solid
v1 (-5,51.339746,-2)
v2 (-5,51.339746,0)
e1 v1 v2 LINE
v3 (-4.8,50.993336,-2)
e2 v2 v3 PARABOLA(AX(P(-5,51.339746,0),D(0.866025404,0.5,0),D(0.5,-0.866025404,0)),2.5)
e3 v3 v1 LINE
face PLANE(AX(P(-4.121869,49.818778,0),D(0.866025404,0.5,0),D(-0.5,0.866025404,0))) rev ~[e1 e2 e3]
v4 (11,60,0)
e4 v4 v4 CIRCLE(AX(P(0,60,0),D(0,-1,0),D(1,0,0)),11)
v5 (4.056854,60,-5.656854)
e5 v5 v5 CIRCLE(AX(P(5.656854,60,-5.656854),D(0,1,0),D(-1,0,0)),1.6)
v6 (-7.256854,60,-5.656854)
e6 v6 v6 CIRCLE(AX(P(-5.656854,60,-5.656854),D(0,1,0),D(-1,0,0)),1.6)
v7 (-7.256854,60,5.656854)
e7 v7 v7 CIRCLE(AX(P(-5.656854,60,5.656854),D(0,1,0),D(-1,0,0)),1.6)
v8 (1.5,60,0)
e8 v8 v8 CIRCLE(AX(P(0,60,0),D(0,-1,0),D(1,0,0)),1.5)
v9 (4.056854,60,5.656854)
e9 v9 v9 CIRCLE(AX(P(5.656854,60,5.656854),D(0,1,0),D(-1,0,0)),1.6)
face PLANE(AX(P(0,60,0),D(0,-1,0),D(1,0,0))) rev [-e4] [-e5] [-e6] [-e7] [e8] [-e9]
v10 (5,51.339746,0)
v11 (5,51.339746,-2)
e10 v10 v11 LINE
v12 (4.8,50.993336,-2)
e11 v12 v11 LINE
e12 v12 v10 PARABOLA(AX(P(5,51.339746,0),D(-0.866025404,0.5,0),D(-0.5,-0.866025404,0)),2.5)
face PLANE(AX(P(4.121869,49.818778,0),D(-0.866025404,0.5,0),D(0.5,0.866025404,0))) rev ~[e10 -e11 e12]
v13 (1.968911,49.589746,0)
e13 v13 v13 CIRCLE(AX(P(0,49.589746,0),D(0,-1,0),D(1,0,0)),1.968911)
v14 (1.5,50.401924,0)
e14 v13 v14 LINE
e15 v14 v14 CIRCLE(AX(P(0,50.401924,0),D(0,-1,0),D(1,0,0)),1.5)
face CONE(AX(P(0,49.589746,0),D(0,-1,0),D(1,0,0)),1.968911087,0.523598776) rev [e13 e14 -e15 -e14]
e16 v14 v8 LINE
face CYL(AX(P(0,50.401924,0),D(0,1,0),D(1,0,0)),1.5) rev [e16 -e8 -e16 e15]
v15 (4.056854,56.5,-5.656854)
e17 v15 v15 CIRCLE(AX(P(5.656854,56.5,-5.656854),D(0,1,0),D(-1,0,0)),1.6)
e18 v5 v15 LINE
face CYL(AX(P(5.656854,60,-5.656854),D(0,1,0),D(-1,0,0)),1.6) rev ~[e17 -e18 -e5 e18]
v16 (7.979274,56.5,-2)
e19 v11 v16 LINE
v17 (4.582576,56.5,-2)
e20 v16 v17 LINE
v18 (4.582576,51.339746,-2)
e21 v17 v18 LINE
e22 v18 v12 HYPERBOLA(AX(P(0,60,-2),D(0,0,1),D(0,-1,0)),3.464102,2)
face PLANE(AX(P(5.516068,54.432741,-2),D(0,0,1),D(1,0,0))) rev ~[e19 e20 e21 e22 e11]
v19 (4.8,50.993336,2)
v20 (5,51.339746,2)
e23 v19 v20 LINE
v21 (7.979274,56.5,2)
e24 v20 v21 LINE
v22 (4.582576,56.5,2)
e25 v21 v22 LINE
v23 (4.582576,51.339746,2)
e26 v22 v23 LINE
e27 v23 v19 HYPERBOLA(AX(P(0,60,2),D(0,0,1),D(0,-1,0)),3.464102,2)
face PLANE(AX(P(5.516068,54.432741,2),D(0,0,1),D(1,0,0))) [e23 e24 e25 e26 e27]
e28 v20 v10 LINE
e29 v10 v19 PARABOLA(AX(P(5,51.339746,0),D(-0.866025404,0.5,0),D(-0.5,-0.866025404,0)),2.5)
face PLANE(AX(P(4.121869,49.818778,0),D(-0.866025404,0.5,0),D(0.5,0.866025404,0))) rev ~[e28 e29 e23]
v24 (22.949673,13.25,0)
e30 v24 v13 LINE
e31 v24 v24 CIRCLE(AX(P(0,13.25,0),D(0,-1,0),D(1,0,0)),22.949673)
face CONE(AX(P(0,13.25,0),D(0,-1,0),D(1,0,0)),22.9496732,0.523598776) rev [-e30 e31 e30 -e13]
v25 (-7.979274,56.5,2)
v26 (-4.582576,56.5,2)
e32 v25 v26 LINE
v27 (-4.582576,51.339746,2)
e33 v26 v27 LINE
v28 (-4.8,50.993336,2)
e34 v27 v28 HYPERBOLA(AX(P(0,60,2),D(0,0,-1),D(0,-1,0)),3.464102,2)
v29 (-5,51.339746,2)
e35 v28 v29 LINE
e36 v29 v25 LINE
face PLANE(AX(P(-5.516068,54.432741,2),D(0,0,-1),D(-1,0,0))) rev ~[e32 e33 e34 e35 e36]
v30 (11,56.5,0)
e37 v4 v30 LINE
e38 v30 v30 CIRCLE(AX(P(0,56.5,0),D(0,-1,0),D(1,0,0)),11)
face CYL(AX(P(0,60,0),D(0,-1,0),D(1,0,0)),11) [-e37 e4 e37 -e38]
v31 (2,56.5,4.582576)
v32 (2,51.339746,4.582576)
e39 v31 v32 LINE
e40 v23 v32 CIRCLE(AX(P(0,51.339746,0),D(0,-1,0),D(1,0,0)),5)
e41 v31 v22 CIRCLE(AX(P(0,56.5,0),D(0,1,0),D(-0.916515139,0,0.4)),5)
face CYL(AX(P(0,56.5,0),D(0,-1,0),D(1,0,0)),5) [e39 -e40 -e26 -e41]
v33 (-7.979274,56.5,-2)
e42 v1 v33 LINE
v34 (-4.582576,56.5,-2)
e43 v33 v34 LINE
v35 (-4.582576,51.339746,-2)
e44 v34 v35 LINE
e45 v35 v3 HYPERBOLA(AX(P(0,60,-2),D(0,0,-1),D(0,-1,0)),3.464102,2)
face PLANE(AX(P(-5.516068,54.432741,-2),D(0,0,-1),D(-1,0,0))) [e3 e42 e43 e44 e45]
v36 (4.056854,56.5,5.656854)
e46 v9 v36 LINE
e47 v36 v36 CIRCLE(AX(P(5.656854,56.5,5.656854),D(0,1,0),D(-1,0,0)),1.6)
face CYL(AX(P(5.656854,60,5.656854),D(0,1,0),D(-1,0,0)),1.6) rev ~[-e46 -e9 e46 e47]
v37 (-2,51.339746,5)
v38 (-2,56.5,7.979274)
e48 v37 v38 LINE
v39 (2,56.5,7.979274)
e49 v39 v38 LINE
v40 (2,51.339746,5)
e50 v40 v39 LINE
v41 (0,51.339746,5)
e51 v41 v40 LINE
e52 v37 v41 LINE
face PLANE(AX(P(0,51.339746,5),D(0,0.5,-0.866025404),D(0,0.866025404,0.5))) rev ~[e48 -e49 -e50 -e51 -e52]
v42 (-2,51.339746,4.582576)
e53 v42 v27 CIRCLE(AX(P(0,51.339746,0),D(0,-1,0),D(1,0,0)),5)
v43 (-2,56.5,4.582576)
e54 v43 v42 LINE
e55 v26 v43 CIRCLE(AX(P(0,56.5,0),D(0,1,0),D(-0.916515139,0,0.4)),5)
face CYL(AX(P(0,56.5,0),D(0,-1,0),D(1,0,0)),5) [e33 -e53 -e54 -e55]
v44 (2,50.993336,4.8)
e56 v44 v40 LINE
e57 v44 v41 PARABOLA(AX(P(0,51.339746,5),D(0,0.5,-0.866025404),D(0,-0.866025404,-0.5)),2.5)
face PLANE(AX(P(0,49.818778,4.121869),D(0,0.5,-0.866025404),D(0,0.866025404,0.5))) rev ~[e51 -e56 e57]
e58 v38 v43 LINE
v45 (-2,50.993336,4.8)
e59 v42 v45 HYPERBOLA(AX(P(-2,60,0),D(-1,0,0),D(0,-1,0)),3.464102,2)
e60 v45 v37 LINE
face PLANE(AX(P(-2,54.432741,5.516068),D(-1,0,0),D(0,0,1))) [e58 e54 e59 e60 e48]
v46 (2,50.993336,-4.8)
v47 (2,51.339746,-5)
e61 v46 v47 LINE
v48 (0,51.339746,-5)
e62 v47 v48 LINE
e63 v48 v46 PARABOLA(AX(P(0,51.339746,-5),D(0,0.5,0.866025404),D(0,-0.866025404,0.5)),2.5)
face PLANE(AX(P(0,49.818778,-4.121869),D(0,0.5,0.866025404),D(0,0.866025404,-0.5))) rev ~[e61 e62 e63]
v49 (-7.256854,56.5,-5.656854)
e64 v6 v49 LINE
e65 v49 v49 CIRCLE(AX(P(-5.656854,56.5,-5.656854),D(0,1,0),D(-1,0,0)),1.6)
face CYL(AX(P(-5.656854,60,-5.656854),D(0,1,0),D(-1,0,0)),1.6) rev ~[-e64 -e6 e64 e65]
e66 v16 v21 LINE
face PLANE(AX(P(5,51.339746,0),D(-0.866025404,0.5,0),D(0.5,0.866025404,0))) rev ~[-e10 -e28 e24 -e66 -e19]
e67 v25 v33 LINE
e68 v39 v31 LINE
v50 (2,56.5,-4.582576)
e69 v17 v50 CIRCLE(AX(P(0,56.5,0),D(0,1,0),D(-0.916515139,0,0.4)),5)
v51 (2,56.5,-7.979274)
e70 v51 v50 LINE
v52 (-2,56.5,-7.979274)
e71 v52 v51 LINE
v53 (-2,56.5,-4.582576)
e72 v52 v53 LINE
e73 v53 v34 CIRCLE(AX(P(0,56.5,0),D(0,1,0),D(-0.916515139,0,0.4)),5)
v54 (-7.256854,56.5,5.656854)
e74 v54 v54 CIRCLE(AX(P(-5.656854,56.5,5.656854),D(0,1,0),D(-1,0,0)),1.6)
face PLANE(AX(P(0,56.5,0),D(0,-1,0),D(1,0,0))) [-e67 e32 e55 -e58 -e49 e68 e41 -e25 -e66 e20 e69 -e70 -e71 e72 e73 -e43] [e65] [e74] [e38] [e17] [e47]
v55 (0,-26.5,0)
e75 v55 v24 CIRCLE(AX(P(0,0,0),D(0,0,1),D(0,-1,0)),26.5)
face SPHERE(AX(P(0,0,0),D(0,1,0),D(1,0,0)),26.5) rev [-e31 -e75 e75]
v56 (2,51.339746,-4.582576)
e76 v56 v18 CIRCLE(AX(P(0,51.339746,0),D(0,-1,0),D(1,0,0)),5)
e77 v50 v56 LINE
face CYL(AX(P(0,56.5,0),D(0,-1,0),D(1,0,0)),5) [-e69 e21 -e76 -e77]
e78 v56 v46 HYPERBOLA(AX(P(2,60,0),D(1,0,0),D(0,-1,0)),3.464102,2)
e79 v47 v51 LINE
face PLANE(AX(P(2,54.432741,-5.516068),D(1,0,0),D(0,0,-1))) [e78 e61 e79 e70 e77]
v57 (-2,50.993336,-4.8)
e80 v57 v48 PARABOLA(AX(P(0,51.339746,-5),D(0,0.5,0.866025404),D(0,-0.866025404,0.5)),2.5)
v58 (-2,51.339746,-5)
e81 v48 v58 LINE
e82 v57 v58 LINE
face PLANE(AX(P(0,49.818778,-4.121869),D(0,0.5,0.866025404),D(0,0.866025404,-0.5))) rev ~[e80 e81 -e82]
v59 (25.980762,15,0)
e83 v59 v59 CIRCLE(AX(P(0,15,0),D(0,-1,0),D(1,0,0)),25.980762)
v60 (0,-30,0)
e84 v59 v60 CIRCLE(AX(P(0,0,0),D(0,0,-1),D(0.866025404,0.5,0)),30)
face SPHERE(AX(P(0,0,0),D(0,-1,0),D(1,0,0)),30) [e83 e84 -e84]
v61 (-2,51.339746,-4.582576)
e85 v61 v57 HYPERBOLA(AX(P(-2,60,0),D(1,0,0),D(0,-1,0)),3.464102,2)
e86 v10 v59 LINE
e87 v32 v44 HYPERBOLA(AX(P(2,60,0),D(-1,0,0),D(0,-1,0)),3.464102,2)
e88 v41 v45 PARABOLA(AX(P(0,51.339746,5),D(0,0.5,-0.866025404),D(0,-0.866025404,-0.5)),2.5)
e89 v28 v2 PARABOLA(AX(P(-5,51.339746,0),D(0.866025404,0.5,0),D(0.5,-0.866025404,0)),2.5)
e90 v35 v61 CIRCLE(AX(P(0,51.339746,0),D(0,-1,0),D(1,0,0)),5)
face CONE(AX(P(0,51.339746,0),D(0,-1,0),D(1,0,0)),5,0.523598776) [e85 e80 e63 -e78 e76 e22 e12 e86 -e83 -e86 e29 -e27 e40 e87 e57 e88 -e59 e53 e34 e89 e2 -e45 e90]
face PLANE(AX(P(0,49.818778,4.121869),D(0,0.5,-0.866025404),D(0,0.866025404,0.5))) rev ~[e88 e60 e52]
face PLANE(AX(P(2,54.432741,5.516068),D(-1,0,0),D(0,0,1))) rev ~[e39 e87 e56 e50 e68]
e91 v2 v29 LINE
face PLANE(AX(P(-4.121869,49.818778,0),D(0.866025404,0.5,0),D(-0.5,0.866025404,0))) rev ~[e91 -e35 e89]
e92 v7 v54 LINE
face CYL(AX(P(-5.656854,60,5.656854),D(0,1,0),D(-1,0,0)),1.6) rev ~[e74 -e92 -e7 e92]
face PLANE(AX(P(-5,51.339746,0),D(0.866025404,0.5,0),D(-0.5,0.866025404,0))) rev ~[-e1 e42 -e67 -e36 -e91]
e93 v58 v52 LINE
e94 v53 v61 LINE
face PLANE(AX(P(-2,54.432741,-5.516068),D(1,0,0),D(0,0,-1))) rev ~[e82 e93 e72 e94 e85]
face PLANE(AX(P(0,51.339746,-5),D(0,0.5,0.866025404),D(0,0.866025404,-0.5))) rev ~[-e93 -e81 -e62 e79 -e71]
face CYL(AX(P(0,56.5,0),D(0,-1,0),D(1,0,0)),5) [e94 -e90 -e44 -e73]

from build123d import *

# Parameters (mm, degrees)
CUT_EXTRUDE_1_REACH      = 101.499
SKETCH_3_R               = 1.6
EXTRUDE_1_DEPTH          = 2
PATTERN_CIRCULAR_1_COUNT = 4


with BuildPart() as part:
    # 草图2 → 旋转1 (revolve)
    with BuildSketch(Plane.XY):
        with BuildLine():
            Line((5, 51.339745962), (25.980762114, 15))
            ThreePointArc((25.980762114, 15), (25.980762114, -15), (0, -30))
            Line((0, -30), (0, -26.5))
            ThreePointArc((0, -26.5), (22.9496732, -13.25), (22.9496732, 13.25))
            Line((22.9496732, 13.25), (1.968911087, 49.589745962))
            Line((1.968911087, 49.589745962), (1.5, 50.401923789))
            Line((1.5, 50.401923789), (1.5, 60))
            Line((1.5, 60), (11, 60))
            Line((11, 60), (11, 56.5))
            Line((11, 56.5), (5, 56.5))
            Line((5, 56.5), (5, 51.339745962))
        make_face()
    revolve(axis=Axis((0, -26.5, 0), (0, -1, 0)))

    # 草图3 → 切除-拉伸1 (cut, up to next)
    with BuildSketch(Plane(origin=(0, 60, 0), x_dir=(1, 0, 0), z_dir=(0, 1, 0)), mode=Mode.PRIVATE) as cut_extrude_1_sk1:
        with Locations((-5.656854249, 5.656854249)):
            Circle(SKETCH_3_R)
    cut_extrude_1_tool1 = extrude(cut_extrude_1_sk1.sketch, amount=-CUT_EXTRUDE_1_REACH, mode=Mode.PRIVATE) & part.part
    # 草图3 → 切除-拉伸1 (cut, up to next)
    with BuildSketch(Plane(origin=(0, 60, 0), x_dir=(1, 0, 0), z_dir=(0, 1, 0)), mode=Mode.PRIVATE) as cut_extrude_1_sk2:
        with Locations((5.656854249, 5.656854249)):
            Circle(SKETCH_3_R)
    cut_extrude_1_tool2 = extrude(cut_extrude_1_sk2.sketch, amount=-CUT_EXTRUDE_1_REACH, mode=Mode.PRIVATE) & part.part
    # 草图3 → 切除-拉伸1 (cut, up to next)
    with BuildSketch(Plane(origin=(0, 60, 0), x_dir=(1, 0, 0), z_dir=(0, 1, 0)), mode=Mode.PRIVATE) as cut_extrude_1_sk3:
        with Locations((5.656854249, -5.656854249)):
            Circle(SKETCH_3_R)
    cut_extrude_1_tool3 = extrude(cut_extrude_1_sk3.sketch, amount=-CUT_EXTRUDE_1_REACH, mode=Mode.PRIVATE) & part.part
    # 草图3 → 切除-拉伸1 (cut, up to next)
    with BuildSketch(Plane(origin=(0, 60, 0), x_dir=(1, 0, 0), z_dir=(0, 1, 0)), mode=Mode.PRIVATE) as cut_extrude_1_sk4:
        with Locations((-5.656854249, -5.656854249)):
            Circle(SKETCH_3_R)
    cut_extrude_1_tool4 = extrude(cut_extrude_1_sk4.sketch, amount=-CUT_EXTRUDE_1_REACH, mode=Mode.PRIVATE) & part.part
    add(cut_extrude_1_tool1.solids().sort_by_distance((-5.656854, 60, -5.656854))[0], mode=Mode.SUBTRACT)
    add(cut_extrude_1_tool2.solids().sort_by_distance((5.656854, 60, -5.656854))[0], mode=Mode.SUBTRACT)
    add(cut_extrude_1_tool3.solids().sort_by_distance((5.656854, 60, 5.656854))[0], mode=Mode.SUBTRACT)
    add(cut_extrude_1_tool4.solids().sort_by_distance((-5.656854, 60, 5.656854))[0], mode=Mode.SUBTRACT)

    # 草图4 → 凸台-拉伸1 (add, symmetric)
    with BuildSketch(Plane.XY):
        Polygon((-5, 51.339745962), (-7.979274058, 56.5), (-8.520148677, 57.436822322), (-4.121868793, 57.436822322), (-4.121868793, 49.818778096), align=None)
    extrude_1 = extrude(amount=EXTRUDE_1_DEPTH, both=True)

    # 阵列(圆周)1: 凸台-拉伸1 ×4 about axis
    pattern_circular_1_axis = Axis((0, 60, 0), (0, 1, 0))
    for i in range(1, PATTERN_CIRCULAR_1_COUNT):
        add(extrude_1.rotate(pattern_circular_1_axis, i * 360 / PATTERN_CIRCULAR_1_COUNT))


solid = part.part
